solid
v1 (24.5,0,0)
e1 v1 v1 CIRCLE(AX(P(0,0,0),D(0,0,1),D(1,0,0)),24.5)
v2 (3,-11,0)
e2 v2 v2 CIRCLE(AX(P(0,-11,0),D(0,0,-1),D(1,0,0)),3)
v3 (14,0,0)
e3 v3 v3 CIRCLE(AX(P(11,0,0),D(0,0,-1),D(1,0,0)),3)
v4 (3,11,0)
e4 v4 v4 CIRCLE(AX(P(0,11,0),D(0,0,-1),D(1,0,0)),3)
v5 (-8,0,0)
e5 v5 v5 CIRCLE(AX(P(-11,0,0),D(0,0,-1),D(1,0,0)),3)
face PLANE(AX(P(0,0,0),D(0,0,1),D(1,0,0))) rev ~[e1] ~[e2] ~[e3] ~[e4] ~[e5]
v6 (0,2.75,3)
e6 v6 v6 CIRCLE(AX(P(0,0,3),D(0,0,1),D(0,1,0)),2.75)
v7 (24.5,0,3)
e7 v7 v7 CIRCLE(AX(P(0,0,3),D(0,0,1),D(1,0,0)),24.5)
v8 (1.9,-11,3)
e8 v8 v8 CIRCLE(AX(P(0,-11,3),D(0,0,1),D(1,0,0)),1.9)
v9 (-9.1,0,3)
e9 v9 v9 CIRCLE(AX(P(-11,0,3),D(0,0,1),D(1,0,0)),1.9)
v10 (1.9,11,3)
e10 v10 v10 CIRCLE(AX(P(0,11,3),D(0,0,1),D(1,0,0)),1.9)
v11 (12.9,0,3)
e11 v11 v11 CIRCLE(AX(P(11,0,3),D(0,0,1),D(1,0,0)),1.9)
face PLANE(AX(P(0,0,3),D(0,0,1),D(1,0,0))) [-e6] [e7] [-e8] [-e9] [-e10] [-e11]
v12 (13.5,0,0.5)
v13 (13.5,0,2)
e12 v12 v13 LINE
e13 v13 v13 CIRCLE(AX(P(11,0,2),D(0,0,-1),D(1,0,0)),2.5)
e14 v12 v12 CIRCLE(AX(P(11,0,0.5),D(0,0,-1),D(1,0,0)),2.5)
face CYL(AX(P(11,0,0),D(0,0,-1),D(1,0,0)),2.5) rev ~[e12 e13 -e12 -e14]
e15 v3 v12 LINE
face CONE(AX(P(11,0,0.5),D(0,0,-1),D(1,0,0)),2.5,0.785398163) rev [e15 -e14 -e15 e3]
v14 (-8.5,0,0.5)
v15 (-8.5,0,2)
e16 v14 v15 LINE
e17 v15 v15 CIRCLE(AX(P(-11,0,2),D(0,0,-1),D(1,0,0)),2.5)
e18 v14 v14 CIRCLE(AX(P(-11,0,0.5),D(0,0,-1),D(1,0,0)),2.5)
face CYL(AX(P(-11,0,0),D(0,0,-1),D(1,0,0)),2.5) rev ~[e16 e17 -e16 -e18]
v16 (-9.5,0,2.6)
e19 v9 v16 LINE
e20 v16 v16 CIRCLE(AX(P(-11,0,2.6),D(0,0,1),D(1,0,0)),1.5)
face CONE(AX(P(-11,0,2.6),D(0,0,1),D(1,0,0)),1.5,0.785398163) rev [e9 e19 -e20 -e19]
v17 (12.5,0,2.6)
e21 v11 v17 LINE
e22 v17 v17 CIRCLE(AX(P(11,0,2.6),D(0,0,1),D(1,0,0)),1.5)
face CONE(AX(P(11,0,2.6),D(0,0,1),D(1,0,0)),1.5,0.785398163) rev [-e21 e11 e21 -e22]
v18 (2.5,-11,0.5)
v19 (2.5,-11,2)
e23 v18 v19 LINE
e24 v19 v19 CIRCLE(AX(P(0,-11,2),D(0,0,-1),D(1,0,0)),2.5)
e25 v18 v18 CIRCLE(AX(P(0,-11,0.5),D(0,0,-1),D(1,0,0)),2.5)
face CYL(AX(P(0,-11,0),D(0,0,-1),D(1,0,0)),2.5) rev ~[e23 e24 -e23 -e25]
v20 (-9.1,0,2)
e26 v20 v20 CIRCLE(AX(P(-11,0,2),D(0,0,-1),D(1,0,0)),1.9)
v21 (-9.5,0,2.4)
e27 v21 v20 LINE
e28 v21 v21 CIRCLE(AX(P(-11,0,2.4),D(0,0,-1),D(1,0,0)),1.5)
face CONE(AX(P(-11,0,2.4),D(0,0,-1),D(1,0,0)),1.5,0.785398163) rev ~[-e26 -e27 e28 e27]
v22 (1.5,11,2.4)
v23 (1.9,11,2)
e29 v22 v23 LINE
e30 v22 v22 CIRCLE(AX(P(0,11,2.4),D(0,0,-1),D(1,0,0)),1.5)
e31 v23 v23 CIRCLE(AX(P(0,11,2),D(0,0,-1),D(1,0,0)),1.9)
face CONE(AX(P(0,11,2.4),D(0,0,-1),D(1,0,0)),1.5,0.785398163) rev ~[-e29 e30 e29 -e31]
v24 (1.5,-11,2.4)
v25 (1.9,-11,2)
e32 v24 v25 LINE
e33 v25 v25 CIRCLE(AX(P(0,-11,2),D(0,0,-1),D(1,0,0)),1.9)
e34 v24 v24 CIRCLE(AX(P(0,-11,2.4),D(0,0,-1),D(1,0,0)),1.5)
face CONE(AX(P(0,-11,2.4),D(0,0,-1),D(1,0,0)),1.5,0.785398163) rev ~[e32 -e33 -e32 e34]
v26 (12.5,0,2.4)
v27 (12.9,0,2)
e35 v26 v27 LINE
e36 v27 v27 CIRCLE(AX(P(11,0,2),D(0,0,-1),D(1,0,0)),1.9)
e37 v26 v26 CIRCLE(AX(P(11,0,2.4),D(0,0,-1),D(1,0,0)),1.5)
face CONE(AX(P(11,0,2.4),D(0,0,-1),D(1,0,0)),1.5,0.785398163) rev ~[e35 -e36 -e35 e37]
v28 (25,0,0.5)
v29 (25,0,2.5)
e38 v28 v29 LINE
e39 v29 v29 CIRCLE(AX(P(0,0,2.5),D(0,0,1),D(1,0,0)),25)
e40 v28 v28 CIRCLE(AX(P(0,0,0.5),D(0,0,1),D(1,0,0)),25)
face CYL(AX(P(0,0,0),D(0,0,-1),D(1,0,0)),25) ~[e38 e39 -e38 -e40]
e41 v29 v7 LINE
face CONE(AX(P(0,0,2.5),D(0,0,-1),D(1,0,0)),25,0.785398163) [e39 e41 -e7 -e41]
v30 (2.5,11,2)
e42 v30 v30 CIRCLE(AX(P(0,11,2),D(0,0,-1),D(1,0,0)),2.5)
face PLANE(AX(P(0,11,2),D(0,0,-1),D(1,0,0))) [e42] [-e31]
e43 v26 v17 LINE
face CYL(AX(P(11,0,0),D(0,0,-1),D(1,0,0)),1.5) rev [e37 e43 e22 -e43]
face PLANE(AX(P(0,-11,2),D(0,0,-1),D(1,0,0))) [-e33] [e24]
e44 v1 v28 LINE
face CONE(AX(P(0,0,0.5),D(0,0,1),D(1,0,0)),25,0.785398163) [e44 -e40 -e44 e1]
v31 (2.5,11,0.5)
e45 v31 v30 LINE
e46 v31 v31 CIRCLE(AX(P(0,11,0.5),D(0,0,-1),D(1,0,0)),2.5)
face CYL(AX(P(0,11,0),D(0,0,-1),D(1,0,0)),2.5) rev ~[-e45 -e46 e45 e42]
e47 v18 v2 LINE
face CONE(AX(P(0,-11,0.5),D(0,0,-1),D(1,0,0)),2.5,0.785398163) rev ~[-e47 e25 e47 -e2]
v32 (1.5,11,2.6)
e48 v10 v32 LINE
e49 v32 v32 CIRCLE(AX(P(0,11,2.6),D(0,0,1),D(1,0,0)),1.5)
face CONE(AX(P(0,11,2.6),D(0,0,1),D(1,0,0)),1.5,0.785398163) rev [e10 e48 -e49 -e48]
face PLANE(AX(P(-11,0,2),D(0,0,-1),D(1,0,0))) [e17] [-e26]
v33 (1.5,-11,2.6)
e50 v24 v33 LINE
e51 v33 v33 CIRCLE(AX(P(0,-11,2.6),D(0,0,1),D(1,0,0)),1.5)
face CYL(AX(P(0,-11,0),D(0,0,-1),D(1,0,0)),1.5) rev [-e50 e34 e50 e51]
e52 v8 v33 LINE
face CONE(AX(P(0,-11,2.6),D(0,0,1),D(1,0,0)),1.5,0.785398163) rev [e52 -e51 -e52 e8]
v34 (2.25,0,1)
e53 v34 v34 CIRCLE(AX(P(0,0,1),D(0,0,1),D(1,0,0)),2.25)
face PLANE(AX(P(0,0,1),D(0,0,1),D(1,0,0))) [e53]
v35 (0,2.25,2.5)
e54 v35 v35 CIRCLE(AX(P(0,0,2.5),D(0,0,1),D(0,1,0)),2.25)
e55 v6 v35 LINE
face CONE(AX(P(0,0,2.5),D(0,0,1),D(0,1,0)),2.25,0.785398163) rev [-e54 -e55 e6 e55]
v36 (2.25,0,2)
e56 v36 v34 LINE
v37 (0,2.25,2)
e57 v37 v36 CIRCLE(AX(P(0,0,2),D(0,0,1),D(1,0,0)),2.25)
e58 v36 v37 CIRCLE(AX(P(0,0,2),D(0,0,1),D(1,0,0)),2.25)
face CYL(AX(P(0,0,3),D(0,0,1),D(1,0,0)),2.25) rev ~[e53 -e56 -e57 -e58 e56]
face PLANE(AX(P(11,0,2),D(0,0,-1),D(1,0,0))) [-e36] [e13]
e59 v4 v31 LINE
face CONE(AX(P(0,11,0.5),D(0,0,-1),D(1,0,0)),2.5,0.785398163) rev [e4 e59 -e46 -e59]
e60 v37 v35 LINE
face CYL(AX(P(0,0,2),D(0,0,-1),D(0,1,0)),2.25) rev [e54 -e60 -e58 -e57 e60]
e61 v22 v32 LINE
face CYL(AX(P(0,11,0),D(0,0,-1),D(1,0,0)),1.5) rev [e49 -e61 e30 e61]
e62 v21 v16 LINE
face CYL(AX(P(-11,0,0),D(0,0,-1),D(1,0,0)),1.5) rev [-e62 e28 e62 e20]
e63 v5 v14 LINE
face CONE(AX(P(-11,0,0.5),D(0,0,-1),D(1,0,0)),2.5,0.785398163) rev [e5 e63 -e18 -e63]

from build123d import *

# Parameters (mm, degrees)
SKETCH_R             = 25
SKETCH_R_2           = 1.5
PAD_DEPTH            = 3
SKETCH002_R          = 2.25
POCKET_DEPTH         = 2
SKETCH001_R          = 5
POCKET001_DEPTH      = 1
SKETCH003_R          = 2.5
POCKET002_DEPTH      = 2
POCKET002_FACE17_R   = 5
POCKET002_FACE17_R_2 = 2.25
PAD001_DEPTH         = 1
CHAMFER_SIZE         = 0.4
CHAMFER001_SIZE      = 0.5
CHAMFER002_SIZE      = 0.4
CHAMFER003_SIZE      = 0.5
CHAMFER004_SIZE      = 0.5


with BuildPart() as part:
    # Sketch → Pad (new body)
    with BuildSketch(Plane.XY):
        Circle(SKETCH_R)
        with Locations((0, 11)):
            Circle(SKETCH_R_2, mode=Mode.SUBTRACT)
        with Locations((-11, 0)):
            Circle(SKETCH_R_2, mode=Mode.SUBTRACT)
        with Locations((0, -11)):
            Circle(SKETCH_R_2, mode=Mode.SUBTRACT)
        with Locations((11, 0)):
            Circle(SKETCH_R_2, mode=Mode.SUBTRACT)
    extrude(amount=PAD_DEPTH)

    # Sketch002 (on Face7 of Pad) → Pocket (cut)
    with BuildSketch(Plane.XY.offset(3)):
        Circle(SKETCH002_R)
    extrude(amount=-POCKET_DEPTH, mode=Mode.SUBTRACT)

    # Sketch001 (on Face7 of Pad) → Pocket001 (cut)
    with BuildSketch(Plane.XY.offset(3)):
        Circle(SKETCH001_R)
    extrude(amount=-POCKET001_DEPTH, mode=Mode.SUBTRACT)

    # Sketch003 (on Face2 of Pocket001) → Pocket002 (cut)
    with BuildSketch(Plane(origin=(0, 0, 0), x_dir=(1, 0, 0), z_dir=(0, 0, -1))):
        with Locations((0, 11)):
            Circle(SKETCH003_R)
        with Locations((11, 0)):
            Circle(SKETCH003_R)
        with Locations((0, -11)):
            Circle(SKETCH003_R)
        with Locations((-11, 0)):
            Circle(SKETCH003_R)
    extrude(amount=-POCKET002_DEPTH, mode=Mode.SUBTRACT)

    # Pocket002 Face17 → Pad001 (add)
    with BuildSketch(Plane(origin=(0, 0, 2), x_dir=(0, 1, 0), z_dir=(0, 0, 1))):
        Circle(POCKET002_FACE17_R)
        Circle(POCKET002_FACE17_R_2, mode=Mode.SUBTRACT)
    extrude(amount=PAD001_DEPTH)

    # Chamfer
    chamfer_edges = [part.edges().sort_by_distance(p)[0] for p in [
        (-1.5, -11, 3),
        (-12.5, 0, 3),
        (-1.5, 11, 3),
        (9.5, 0, 3),
    ]]
    chamfer(chamfer_edges, length=CHAMFER_SIZE)

    # Chamfer001
    chamfer001_edges = [part.edges().sort_by_distance(p)[0] for p in [
        (-2.25, 0, 3),
    ]]
    chamfer(chamfer001_edges, length=CHAMFER001_SIZE)

    # Chamfer002
    chamfer002_edges = [part.edges().sort_by_distance(p)[0] for p in [
        (9.5, 0, 2),
        (-1.5, -11, 2),
        (-12.5, 0, 2),
        (-1.5, 11, 2),
    ]]
    chamfer(chamfer002_edges, length=CHAMFER002_SIZE)

    # Chamfer003
    chamfer003_edges = [part.edges().sort_by_distance(p)[0] for p in [
        (-2.5, -11, 0),
        (8.5, 0, 0),
        (-13.5, 0, 0),
        (-2.5, 11, 0),
    ]]
    chamfer(chamfer003_edges, length=CHAMFER003_SIZE)

    # Chamfer004
    chamfer004_edges = [part.edges().sort_by_distance(p)[0] for p in [
        (-25, 0, 0),
        (-25, 0, 3),
    ]]
    chamfer(chamfer004_edges, length=CHAMFER004_SIZE)


solid = part.part
